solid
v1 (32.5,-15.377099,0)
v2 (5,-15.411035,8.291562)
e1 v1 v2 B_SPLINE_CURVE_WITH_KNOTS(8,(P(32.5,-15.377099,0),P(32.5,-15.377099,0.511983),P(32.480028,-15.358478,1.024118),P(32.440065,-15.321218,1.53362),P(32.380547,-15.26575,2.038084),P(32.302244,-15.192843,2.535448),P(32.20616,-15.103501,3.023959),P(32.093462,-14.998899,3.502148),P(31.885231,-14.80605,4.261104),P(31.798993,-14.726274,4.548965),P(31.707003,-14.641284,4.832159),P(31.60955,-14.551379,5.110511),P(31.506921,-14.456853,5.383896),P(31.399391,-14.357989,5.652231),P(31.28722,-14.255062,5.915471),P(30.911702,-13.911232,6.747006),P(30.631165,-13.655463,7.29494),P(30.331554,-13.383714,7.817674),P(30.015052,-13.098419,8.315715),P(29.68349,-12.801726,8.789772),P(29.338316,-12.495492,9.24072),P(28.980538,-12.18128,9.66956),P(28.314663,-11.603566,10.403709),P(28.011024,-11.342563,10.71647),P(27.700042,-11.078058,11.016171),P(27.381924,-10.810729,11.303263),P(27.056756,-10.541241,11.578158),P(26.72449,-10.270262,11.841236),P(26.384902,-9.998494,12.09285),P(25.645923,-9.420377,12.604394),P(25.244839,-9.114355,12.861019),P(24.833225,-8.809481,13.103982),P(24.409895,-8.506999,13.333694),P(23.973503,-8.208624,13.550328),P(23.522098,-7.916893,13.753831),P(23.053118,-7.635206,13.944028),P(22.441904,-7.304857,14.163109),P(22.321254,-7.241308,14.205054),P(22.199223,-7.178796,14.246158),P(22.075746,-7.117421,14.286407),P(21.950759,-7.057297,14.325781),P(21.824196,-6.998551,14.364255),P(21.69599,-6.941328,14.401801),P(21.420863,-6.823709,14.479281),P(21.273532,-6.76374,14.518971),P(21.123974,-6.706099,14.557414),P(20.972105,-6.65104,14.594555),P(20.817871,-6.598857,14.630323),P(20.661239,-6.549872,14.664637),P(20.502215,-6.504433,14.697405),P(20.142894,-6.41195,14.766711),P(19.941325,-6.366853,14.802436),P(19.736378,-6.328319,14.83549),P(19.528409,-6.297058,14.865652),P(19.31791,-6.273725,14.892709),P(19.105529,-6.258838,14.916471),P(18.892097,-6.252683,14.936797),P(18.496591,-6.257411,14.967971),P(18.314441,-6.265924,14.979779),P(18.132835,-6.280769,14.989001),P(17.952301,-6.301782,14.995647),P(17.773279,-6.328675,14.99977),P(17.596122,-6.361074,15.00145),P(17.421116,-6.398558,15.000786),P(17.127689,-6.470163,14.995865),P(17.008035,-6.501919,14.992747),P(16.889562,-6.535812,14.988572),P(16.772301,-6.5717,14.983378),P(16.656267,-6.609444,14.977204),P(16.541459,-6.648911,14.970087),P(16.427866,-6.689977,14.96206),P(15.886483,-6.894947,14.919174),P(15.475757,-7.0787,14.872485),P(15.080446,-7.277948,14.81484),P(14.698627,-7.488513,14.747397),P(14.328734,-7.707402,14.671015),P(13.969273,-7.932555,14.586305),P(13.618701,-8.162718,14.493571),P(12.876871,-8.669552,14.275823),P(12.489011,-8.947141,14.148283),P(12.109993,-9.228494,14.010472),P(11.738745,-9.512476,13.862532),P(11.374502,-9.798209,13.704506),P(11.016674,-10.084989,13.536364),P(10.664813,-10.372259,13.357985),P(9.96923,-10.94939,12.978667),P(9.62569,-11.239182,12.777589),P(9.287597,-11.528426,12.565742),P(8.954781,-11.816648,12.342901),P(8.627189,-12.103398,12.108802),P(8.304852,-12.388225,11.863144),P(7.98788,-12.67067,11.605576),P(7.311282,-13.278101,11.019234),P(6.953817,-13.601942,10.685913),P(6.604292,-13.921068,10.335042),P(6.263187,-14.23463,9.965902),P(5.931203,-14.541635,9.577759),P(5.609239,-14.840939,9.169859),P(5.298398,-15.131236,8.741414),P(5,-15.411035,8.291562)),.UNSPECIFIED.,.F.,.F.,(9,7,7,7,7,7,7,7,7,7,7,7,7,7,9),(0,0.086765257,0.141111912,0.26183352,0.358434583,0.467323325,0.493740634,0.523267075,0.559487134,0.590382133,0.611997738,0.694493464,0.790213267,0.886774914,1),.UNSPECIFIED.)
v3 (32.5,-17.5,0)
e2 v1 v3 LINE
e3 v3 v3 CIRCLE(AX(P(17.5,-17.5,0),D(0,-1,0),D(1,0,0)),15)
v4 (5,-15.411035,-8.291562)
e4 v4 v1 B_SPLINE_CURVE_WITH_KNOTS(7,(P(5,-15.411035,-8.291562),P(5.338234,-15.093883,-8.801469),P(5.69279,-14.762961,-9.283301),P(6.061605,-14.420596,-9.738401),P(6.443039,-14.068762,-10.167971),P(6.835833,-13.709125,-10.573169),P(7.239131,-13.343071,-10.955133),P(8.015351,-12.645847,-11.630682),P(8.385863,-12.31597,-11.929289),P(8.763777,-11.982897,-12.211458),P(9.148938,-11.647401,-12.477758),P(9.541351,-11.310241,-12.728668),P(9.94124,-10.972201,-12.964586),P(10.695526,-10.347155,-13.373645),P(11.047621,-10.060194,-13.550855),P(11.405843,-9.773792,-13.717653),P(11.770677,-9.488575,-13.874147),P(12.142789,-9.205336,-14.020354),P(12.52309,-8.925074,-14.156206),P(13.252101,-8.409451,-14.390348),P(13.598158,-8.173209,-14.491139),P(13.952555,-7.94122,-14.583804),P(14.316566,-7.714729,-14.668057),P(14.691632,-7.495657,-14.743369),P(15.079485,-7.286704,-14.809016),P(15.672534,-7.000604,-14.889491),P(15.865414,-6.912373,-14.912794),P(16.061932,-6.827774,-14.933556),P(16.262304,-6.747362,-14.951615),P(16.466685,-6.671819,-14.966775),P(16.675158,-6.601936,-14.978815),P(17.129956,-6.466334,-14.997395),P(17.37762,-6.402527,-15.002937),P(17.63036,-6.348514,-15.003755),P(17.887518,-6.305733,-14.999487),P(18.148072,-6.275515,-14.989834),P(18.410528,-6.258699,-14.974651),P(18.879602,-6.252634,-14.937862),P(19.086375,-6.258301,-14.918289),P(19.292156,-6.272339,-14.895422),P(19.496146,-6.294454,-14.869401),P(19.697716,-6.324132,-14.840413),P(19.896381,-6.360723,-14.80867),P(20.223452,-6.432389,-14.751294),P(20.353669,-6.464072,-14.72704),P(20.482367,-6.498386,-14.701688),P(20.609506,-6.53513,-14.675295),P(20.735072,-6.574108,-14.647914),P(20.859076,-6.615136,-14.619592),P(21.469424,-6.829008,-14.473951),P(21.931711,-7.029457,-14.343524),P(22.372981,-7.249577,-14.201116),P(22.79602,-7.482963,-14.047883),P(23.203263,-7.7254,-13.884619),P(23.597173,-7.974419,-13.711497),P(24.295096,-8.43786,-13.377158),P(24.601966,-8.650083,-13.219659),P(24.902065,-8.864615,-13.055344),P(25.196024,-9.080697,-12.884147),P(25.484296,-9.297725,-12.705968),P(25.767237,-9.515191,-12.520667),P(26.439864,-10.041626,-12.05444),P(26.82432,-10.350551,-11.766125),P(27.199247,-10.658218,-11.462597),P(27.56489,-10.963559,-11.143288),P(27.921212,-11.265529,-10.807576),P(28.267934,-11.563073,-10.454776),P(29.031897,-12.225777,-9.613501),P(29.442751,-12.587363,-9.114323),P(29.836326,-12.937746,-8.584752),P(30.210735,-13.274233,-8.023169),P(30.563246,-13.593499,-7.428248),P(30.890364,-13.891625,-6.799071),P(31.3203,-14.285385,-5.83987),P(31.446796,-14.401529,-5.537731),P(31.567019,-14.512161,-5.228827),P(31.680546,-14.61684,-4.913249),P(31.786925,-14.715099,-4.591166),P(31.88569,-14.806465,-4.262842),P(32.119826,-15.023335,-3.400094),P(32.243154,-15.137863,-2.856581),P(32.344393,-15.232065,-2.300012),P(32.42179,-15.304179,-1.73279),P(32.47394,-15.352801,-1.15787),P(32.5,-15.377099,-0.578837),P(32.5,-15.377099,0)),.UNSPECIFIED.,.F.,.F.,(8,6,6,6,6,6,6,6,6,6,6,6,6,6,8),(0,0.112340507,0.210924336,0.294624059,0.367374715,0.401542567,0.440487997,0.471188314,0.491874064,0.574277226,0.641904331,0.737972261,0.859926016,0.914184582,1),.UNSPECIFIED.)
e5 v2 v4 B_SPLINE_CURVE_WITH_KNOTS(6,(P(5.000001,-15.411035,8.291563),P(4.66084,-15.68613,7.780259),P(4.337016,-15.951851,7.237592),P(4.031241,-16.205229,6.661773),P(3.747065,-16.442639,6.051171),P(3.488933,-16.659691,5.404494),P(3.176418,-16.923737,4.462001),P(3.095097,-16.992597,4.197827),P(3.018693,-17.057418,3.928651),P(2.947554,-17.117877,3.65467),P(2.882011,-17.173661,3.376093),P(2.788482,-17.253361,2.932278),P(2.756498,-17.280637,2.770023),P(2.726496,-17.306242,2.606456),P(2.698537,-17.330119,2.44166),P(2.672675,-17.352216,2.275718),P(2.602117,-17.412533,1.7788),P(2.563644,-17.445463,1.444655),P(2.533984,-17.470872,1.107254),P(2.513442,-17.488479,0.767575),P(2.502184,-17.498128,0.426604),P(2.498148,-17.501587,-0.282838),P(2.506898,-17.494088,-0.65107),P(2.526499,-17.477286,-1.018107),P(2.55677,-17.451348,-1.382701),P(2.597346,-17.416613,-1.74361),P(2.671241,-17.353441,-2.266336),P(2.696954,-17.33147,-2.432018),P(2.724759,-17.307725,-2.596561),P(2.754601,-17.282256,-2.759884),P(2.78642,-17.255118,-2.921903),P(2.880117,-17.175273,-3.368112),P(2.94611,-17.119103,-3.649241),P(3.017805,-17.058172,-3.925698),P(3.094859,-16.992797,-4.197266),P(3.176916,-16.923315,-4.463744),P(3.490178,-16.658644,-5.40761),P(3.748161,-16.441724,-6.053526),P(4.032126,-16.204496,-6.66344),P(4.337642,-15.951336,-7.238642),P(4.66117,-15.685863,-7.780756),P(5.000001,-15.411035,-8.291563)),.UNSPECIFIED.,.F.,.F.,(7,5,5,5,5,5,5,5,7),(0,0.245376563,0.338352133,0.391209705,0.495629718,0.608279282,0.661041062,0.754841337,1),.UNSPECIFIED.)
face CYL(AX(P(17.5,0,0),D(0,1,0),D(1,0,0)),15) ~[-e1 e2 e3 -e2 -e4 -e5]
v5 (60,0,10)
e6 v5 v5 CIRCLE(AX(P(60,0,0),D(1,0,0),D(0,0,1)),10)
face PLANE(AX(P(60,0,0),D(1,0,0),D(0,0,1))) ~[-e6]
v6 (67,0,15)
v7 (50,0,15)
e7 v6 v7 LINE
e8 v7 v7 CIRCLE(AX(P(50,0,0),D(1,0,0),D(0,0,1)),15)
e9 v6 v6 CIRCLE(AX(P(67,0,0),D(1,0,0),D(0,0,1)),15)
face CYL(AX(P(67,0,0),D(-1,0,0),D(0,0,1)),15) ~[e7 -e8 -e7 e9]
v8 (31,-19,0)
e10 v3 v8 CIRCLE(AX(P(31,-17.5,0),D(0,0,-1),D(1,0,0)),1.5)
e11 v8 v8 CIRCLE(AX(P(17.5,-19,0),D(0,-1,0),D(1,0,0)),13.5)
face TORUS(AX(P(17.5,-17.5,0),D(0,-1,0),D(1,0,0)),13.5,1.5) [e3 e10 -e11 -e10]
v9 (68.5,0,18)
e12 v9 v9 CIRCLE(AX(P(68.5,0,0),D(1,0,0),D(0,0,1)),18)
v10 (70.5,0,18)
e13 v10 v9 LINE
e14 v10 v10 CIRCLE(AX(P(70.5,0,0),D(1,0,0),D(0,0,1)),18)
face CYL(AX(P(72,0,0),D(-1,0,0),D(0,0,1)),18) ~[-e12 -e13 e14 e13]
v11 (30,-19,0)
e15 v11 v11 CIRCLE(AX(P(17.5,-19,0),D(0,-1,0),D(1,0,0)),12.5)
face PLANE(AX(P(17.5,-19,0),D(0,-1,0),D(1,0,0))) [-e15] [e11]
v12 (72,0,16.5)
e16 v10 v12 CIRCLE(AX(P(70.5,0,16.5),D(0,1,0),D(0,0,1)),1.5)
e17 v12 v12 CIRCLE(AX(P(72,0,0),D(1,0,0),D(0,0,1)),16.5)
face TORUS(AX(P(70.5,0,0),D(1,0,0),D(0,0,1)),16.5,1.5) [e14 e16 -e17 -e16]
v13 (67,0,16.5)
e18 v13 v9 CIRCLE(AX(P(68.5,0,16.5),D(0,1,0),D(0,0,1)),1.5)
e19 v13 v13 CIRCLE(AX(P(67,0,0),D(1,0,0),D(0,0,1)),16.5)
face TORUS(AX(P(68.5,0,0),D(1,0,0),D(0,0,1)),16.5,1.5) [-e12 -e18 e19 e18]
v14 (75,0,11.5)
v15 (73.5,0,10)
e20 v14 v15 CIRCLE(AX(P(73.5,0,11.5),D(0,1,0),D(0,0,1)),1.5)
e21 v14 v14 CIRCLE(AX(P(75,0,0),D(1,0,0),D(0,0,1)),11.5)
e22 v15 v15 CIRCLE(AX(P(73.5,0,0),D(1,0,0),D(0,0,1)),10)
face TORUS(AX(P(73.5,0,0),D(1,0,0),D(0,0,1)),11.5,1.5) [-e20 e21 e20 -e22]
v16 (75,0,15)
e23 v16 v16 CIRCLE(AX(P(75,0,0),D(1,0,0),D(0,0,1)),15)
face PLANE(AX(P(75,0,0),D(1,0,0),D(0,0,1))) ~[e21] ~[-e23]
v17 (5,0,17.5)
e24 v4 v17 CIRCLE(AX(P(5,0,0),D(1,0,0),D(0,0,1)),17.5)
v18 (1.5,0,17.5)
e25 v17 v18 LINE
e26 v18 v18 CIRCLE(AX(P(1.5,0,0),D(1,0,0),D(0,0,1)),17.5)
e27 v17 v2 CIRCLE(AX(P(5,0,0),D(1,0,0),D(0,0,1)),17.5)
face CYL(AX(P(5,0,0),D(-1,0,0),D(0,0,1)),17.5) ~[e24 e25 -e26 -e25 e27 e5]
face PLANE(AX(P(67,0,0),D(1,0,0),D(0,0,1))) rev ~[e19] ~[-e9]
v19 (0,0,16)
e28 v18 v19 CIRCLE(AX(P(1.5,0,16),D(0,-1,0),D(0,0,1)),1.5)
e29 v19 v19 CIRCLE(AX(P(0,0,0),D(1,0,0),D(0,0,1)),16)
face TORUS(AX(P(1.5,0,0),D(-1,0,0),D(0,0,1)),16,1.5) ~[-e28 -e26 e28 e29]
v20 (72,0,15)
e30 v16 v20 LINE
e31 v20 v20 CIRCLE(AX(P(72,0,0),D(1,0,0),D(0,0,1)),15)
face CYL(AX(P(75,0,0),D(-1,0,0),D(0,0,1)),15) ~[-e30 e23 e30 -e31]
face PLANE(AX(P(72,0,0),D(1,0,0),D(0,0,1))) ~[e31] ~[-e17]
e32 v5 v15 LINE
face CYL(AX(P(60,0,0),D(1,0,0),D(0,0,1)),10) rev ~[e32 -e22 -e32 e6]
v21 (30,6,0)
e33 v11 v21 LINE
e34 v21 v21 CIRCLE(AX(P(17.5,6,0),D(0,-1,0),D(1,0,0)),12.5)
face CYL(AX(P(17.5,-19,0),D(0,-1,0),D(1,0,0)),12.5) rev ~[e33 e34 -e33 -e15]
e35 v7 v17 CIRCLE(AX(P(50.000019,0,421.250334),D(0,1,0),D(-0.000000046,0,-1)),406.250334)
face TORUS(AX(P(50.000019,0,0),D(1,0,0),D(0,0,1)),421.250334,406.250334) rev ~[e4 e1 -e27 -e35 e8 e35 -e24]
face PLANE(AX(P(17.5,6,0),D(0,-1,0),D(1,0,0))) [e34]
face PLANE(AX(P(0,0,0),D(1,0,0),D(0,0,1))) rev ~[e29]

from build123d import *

# Parameters (mm, degrees)
F2_R     = 15
F3_DEPTH = 19
F4_R     = 12.5
F5_DEPTH = 25
F6_R     = 1.5


with BuildPart() as f1:
    # F0 (on Front) → F1 (revolve)
    with BuildSketch(Plane.XZ):
        with BuildLine():
            Line((0, 17.5), (0, 0))
            Line((0, 0), (60, 0))
            Line((60, 0), (60, 10))
            Line((60, 10), (75, 10))
            Line((75, 10), (75, 15))
            Line((75, 15), (72, 15))
            Line((72, 15), (72, 18))
            Line((72, 18), (67, 18))
            Line((67, 18), (67, 15))
            Line((67, 15), (50, 15))
            ThreePointArc((50, 15), (27.465305, 15.625482), (5, 17.5))
            Line((5, 17.5), (0, 17.5))
        make_face()
    revolve(axis=Axis((30, 0, 0), (1, 0, 0)))

    # F2 (on Front) → F3 (join)
    with BuildSketch(Plane.XZ):
        with Locations((17.5, 0)):
            Circle(F2_R)
    extrude(amount=F3_DEPTH)

    # F4 (on face) → F5 (cut)
    with BuildSketch(Plane.XZ.offset(19)):
        with Locations((17.5, 0)):
            Circle(F4_R)
    extrude(amount=-F5_DEPTH, mode=Mode.SUBTRACT)

    # F6
    f6_edges = [f1.edges().sort_by_distance(p)[0] for p in [
        (0, 0, -17.5),
        (2.5, -19, 0),
        (67, 0, -18),
        (72, 0, -18),
        (75, 0, -10),
    ]]
    fillet(f6_edges, radius=F6_R)


solid = f1.part
